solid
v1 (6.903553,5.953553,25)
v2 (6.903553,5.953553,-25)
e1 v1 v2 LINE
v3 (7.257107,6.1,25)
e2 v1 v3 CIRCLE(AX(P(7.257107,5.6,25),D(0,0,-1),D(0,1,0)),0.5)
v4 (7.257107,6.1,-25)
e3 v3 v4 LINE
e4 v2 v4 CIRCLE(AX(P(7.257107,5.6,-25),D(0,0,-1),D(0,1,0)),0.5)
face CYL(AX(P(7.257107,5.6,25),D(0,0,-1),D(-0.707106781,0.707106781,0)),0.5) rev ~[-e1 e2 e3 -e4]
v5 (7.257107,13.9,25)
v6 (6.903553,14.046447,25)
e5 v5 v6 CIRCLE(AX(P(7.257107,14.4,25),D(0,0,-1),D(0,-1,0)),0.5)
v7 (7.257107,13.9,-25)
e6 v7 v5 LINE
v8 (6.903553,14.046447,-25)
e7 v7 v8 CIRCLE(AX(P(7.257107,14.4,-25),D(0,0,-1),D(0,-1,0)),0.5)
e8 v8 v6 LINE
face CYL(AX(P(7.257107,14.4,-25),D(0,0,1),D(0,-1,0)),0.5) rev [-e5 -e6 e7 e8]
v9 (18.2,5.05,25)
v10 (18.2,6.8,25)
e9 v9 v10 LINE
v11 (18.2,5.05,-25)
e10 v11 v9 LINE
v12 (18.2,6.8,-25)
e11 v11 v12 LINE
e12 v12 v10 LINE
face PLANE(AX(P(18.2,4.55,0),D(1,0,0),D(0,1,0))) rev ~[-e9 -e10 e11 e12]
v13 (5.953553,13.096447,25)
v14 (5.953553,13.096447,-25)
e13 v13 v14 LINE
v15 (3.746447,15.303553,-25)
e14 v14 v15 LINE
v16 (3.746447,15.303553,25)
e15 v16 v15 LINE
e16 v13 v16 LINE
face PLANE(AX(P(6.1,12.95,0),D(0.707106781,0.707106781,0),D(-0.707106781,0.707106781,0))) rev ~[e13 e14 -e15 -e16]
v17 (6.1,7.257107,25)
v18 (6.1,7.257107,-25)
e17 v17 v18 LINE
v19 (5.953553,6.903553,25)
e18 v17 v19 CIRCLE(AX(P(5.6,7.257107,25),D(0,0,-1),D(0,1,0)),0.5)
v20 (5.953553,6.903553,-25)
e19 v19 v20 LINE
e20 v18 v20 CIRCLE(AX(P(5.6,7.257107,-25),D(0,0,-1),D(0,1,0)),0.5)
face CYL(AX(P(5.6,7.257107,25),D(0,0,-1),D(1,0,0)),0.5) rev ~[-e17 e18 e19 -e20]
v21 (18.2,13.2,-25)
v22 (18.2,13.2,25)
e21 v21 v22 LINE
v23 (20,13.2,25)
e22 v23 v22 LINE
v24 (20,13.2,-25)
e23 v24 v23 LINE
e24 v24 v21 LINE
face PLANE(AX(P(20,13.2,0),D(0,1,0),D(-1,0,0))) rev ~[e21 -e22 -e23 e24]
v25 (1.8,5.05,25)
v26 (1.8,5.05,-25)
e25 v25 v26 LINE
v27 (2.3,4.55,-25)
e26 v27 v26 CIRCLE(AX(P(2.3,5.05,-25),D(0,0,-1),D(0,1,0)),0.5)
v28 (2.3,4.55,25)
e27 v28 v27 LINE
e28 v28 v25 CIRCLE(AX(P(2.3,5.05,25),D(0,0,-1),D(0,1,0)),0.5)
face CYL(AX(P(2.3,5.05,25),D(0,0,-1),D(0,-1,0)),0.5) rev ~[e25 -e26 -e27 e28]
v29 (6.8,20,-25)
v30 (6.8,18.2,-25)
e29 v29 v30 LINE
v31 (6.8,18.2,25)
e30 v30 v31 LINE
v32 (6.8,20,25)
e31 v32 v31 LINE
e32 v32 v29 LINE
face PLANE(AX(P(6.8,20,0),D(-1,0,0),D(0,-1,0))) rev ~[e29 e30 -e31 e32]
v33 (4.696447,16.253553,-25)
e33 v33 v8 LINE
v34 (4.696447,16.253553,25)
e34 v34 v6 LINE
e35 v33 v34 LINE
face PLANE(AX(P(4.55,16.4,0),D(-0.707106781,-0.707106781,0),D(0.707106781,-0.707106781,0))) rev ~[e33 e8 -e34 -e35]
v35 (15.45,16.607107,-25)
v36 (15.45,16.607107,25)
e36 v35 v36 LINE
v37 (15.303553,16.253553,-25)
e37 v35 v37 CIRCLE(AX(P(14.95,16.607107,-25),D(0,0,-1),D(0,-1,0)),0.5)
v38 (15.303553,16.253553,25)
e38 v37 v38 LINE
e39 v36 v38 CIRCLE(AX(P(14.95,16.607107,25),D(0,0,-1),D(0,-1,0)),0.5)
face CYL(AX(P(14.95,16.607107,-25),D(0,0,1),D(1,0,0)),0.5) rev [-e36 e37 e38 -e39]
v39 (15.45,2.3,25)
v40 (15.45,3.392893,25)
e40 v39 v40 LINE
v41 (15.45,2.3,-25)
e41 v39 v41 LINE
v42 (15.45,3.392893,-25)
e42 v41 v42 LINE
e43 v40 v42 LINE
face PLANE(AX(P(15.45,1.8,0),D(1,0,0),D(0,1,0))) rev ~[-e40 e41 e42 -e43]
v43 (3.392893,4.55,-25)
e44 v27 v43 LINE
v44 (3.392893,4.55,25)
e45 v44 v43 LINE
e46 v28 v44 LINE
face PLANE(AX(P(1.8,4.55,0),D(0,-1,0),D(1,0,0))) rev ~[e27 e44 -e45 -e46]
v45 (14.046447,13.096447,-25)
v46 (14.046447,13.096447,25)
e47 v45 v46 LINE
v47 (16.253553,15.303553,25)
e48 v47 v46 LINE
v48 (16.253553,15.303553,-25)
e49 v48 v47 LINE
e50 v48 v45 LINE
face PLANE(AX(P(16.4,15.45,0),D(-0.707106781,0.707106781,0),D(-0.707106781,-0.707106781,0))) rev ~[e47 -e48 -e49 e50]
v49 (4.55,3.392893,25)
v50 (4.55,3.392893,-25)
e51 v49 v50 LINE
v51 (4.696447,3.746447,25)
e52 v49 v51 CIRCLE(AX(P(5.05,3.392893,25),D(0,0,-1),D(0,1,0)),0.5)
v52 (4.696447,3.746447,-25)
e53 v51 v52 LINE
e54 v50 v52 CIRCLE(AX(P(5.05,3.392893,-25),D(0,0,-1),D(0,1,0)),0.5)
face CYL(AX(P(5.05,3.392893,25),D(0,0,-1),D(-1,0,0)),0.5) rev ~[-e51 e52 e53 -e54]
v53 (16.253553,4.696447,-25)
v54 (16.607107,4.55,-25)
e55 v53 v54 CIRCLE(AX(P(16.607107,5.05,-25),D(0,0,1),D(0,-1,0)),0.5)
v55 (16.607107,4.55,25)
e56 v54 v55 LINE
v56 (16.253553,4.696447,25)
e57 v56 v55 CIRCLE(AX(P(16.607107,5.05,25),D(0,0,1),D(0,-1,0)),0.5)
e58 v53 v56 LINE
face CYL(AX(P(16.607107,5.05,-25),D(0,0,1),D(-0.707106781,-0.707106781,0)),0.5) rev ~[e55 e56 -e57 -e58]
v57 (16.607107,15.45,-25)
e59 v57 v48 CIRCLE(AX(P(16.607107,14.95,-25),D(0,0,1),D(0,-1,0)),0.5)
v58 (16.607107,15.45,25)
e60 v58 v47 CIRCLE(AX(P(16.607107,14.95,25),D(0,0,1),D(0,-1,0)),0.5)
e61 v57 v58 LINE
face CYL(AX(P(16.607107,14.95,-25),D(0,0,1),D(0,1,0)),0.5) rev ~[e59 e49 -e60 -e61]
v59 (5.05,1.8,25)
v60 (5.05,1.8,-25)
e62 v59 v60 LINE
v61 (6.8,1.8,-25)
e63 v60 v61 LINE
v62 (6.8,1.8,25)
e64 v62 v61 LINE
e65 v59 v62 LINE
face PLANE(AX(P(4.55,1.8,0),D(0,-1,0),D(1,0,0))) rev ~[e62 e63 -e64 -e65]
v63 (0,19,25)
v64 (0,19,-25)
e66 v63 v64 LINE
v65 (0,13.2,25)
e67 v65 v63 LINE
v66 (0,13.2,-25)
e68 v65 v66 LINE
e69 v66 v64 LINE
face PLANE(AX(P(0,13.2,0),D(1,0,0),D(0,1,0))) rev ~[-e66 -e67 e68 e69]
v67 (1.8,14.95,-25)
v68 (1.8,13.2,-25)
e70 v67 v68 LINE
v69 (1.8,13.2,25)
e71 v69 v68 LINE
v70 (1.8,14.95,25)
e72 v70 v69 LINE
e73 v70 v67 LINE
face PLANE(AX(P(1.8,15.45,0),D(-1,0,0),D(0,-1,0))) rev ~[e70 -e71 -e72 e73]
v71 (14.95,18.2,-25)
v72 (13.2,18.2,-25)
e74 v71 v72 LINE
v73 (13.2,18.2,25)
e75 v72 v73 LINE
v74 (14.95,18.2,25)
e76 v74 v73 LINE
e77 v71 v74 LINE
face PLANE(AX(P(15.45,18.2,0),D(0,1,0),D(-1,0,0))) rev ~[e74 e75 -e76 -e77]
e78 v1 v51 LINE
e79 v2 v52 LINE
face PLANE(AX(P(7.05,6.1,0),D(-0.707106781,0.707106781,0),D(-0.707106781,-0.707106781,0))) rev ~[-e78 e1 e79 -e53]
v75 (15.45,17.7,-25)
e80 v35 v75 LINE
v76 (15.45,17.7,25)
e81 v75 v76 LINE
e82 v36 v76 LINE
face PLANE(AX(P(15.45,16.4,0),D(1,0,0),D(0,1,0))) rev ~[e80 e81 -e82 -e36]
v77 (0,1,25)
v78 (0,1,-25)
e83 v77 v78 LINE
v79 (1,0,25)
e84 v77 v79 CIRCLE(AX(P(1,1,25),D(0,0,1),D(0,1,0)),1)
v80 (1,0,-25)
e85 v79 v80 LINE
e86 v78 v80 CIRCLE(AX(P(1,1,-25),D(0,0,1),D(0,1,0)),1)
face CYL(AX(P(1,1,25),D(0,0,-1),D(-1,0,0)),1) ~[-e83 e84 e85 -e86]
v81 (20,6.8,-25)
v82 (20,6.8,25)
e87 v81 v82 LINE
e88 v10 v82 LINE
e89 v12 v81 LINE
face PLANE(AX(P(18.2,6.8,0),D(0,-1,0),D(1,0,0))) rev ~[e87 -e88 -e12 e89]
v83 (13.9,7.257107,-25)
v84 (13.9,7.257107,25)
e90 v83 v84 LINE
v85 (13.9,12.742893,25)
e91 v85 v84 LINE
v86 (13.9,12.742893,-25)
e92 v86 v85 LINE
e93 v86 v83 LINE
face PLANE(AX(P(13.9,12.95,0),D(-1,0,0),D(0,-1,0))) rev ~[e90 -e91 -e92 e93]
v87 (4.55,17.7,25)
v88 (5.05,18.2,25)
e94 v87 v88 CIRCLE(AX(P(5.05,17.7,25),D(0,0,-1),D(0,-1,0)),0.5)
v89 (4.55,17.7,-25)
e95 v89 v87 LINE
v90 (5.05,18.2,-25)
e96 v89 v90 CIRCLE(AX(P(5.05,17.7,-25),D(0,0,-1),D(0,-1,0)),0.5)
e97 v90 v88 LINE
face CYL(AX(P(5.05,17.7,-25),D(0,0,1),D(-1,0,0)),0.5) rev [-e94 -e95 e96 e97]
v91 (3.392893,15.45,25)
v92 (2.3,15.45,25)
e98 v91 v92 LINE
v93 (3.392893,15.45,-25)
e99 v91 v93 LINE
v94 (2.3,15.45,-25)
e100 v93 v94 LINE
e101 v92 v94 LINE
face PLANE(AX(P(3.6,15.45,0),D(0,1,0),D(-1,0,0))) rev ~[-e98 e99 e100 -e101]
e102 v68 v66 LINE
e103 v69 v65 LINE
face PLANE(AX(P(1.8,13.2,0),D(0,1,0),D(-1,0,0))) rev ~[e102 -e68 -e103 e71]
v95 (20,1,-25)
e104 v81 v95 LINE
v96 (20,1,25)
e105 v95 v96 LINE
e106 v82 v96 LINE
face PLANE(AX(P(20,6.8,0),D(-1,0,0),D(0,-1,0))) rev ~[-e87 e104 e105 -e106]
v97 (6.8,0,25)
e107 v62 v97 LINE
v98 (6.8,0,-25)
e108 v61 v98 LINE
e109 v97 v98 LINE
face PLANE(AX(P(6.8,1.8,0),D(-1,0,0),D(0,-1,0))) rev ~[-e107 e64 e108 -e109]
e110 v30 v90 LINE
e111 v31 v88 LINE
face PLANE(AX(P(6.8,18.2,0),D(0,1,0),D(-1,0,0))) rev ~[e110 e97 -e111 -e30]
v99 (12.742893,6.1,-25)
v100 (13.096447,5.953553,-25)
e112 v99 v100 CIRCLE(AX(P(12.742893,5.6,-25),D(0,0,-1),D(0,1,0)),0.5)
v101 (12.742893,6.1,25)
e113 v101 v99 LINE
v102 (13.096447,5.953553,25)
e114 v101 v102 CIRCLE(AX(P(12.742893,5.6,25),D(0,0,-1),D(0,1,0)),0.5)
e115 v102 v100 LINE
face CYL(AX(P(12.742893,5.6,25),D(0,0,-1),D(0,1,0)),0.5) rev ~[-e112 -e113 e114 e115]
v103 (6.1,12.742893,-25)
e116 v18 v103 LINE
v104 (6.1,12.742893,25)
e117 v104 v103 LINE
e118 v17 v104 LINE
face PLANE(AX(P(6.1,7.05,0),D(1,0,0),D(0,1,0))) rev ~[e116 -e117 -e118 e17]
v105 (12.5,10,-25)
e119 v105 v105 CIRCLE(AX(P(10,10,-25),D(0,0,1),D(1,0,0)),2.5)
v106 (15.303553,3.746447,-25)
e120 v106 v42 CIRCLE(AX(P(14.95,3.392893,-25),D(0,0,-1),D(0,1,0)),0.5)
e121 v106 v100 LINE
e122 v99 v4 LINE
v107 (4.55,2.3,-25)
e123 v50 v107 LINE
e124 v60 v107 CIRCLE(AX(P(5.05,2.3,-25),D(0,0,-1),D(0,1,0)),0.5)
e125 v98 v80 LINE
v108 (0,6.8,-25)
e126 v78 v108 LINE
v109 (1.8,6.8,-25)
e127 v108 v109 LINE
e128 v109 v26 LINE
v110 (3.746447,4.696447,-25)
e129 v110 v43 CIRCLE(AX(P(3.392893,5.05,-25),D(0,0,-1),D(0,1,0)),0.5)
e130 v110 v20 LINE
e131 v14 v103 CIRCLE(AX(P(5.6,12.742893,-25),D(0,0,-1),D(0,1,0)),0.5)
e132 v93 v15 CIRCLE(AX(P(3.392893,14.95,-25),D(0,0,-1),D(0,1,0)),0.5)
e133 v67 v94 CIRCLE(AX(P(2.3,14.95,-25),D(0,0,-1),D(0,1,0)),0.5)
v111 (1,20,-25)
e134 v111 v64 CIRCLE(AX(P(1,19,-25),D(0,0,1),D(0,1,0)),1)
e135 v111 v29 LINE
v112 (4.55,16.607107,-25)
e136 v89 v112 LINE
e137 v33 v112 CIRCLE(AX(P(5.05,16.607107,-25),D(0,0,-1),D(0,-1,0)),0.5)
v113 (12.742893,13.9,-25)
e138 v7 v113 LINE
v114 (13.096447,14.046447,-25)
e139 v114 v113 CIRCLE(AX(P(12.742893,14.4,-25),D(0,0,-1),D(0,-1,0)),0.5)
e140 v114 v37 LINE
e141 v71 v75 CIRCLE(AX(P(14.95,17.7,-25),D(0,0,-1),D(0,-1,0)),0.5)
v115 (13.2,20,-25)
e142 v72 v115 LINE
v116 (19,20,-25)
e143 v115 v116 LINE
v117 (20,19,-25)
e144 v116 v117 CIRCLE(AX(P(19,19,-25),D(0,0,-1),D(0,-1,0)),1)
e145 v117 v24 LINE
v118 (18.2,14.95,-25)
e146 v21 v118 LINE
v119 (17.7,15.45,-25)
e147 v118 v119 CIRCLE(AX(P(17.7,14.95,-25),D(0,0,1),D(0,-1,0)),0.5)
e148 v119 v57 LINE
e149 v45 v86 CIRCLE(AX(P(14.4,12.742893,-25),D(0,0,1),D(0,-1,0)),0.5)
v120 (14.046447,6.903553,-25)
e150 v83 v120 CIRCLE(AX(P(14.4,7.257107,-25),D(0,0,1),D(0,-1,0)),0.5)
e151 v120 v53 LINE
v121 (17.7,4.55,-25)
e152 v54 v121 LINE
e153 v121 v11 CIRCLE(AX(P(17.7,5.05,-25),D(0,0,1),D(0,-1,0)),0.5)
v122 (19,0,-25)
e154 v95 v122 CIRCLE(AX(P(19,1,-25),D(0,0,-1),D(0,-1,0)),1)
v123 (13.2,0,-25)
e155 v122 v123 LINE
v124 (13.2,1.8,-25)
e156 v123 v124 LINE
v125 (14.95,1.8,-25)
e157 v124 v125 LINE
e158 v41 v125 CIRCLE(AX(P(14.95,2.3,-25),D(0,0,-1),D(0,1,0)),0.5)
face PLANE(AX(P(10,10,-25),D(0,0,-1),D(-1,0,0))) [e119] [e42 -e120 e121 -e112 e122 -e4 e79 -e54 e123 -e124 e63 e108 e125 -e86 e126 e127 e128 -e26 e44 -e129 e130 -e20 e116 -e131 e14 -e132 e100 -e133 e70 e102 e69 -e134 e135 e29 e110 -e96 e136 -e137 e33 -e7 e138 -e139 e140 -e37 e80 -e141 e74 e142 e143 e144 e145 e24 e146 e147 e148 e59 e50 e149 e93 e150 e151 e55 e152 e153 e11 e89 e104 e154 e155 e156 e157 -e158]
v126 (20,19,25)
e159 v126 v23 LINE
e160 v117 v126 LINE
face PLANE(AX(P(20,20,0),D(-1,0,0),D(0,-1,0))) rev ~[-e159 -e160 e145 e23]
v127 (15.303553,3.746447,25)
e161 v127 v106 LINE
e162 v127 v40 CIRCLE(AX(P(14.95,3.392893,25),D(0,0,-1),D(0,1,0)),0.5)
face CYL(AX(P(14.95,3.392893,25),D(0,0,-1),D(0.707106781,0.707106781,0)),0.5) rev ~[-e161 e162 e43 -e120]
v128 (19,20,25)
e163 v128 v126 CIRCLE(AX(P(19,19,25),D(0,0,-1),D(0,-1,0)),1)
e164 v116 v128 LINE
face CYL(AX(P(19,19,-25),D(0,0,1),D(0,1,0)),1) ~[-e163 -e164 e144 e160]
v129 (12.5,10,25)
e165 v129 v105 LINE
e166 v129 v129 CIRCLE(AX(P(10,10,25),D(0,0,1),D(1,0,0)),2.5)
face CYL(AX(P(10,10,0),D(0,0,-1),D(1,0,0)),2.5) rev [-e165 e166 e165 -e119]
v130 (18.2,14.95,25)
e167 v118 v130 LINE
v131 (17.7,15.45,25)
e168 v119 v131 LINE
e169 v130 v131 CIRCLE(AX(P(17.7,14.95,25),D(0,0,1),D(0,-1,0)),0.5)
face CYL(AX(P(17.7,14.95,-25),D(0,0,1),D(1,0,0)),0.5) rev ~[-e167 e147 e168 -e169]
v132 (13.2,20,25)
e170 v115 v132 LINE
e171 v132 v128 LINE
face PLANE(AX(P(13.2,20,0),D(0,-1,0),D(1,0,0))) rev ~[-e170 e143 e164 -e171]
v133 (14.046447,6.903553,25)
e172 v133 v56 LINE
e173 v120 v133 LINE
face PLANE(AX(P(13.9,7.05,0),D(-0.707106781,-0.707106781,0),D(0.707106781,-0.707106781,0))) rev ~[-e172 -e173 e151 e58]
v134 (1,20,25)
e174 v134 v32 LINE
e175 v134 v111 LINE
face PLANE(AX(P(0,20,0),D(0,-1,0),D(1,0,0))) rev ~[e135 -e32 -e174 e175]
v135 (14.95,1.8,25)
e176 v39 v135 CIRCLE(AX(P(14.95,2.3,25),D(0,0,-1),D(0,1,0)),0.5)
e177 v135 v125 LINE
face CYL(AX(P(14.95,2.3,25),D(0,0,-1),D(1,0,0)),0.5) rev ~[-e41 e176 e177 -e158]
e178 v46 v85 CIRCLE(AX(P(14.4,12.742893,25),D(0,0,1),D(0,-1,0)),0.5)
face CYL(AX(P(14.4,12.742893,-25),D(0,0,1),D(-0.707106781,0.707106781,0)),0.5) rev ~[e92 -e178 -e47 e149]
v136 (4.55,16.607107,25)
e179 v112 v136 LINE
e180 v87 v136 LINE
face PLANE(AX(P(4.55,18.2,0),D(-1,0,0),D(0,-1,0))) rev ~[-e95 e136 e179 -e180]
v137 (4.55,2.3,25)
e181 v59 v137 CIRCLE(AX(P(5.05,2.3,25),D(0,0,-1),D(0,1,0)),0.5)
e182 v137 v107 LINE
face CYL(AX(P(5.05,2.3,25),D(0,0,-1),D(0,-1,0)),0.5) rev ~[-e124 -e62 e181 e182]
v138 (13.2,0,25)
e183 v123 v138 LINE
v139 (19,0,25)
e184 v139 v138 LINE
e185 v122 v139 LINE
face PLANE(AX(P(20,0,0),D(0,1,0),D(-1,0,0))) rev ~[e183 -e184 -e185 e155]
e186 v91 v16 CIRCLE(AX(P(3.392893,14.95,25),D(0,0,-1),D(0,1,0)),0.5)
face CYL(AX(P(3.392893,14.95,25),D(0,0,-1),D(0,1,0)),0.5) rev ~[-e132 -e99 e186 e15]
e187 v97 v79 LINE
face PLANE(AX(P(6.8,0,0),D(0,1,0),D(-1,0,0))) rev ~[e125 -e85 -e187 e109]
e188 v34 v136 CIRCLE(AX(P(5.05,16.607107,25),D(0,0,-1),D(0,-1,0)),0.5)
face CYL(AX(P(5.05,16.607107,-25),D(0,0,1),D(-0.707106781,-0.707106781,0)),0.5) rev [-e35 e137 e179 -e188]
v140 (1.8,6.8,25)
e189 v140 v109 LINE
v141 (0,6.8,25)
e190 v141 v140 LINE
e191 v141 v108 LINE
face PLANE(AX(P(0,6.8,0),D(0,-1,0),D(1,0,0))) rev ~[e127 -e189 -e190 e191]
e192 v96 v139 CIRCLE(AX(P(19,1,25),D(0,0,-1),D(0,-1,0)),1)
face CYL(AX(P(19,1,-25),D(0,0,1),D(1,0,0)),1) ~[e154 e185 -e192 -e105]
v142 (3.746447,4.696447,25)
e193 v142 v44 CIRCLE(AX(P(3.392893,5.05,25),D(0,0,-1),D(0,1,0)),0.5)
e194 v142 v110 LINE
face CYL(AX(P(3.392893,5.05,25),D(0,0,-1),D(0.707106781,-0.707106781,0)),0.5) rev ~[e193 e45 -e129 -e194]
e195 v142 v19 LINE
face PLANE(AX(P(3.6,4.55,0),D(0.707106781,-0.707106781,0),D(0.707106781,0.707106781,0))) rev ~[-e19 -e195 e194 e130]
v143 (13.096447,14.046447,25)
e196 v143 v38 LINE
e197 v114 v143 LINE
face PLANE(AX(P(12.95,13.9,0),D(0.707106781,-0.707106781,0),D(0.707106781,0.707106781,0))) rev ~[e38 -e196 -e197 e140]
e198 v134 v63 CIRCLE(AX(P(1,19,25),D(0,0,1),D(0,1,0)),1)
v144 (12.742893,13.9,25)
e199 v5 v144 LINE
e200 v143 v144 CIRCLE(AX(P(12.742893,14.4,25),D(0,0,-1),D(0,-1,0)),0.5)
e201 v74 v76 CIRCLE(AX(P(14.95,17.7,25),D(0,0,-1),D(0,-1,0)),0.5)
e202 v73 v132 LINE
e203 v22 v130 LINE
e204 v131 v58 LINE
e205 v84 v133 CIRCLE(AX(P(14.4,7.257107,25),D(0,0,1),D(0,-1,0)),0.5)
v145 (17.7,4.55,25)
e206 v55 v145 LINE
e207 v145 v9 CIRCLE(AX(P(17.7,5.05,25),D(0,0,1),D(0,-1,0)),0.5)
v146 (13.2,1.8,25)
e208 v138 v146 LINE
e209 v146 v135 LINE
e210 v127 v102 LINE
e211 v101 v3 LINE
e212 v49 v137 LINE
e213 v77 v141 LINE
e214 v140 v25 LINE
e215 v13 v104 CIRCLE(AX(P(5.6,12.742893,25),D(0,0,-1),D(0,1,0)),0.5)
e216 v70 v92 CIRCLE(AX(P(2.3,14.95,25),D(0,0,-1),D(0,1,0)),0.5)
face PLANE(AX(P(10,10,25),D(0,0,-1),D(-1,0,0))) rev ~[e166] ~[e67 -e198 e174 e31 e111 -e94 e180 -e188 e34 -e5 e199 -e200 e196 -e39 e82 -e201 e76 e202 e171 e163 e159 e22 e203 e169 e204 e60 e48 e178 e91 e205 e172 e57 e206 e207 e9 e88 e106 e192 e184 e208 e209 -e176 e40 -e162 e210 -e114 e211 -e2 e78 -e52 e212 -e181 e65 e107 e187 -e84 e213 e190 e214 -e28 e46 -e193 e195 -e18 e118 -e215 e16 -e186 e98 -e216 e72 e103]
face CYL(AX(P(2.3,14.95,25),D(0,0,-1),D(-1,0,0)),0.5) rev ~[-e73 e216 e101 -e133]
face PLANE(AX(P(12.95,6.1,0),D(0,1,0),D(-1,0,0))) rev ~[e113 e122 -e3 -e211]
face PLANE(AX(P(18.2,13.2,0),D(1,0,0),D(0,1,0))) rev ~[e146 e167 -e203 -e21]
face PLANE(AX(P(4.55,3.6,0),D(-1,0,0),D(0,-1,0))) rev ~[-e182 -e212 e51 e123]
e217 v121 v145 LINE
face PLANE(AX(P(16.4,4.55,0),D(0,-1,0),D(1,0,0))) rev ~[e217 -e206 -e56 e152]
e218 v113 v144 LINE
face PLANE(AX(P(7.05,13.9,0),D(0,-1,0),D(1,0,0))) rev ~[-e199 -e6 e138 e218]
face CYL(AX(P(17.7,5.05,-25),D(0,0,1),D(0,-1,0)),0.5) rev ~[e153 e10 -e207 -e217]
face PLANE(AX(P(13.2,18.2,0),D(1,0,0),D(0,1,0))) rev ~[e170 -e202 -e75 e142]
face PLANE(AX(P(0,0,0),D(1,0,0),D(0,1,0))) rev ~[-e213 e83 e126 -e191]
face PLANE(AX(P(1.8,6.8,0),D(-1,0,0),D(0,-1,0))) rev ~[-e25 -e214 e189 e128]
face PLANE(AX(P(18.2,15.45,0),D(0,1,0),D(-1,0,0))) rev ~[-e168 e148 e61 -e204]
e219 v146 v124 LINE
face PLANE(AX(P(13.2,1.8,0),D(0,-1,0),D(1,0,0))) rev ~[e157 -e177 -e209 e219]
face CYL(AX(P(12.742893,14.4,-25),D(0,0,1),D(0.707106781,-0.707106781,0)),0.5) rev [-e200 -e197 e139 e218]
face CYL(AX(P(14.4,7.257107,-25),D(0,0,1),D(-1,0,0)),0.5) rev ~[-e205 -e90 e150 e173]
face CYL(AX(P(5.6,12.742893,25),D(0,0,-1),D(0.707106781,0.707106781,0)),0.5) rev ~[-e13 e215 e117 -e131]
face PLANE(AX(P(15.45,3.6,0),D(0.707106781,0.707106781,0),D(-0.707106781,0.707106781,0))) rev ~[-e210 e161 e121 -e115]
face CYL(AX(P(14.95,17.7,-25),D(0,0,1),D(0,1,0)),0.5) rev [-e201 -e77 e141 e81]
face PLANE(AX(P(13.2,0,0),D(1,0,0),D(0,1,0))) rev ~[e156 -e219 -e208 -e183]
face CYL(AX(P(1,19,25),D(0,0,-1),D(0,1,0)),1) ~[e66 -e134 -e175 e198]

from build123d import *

# Parameters (mm, degrees)
SKETCH1_R           = 2.5
BOSS_EXTRUDE1_DEPTH = 25
FILLET1_R           = 1
FILLET2_R           = 0.5
FILLET3_R           = 0.5
FILLET4_R           = 0.5
FILLET5_R           = 0.5


with BuildPart() as part:
    # Sketch1 → Boss-Extrude1 (new, symmetric)
    with BuildSketch(Plane.XY):
        Polygon((13.2, 0), (13.2, 1.8), (15.45, 1.8), (15.45, 3.6), (12.95, 6.1), (7.05, 6.1), (4.55, 3.6), (4.55, 1.8), (6.8, 1.8), (6.8, 0), (0, 0), (0, 6.8), (1.8, 6.8), (1.8, 4.55), (3.6, 4.55), (6.1, 7.05), (6.1, 12.95), (3.6, 15.45), (1.8, 15.45), (1.8, 13.2), (0, 13.2), (0, 20), (6.8, 20), (6.8, 18.2), (4.55, 18.2), (4.55, 16.4), (7.05, 13.9), (12.95, 13.9), (15.45, 16.4), (15.45, 18.2), (13.2, 18.2), (13.2, 20), (20, 20), (20, 13.2), (18.2, 13.2), (18.2, 15.45), (16.4, 15.45), (13.9, 12.95), (13.9, 7.05), (16.4, 4.55), (18.2, 4.55), (18.2, 6.8), (20, 6.8), (20, 0), align=None)
        with Locations((10, 10)):
            Circle(SKETCH1_R, mode=Mode.SUBTRACT)
    extrude(amount=BOSS_EXTRUDE1_DEPTH, both=True)

    # Fillet1
    fillet1_edges = [part.edges().sort_by_distance(p)[0] for p in [
        (0, 0, 0),
        (0, 20, 0),
        (20, 20, 0),
        (20, 0, 0),
    ]]
    fillet(fillet1_edges, radius=FILLET1_R)

    # Fillet2
    fillet2_edges = [part.edges().sort_by_distance(p)[0] for p in [
        (4.55, 18.2, 0),
        (4.55, 16.4, 0),
        (7.05, 13.9, 0),
        (12.95, 13.9, 0),
        (15.45, 16.4, 0),
        (15.45, 18.2, 0),
    ]]
    fillet(fillet2_edges, radius=FILLET2_R)

    # Fillet3
    fillet3_edges = [part.edges().sort_by_distance(p)[0] for p in [
        (18.2, 15.45, 0),
        (16.4, 15.45, 0),
        (13.9, 12.95, 0),
        (13.9, 7.05, 0),
        (16.4, 4.55, 0),
        (18.2, 4.55, 0),
    ]]
    fillet(fillet3_edges, radius=FILLET3_R)

    # Fillet4
    fillet4_edges = [part.edges().sort_by_distance(p)[0] for p in [
        (1.8, 4.55, 0),
        (3.6, 4.55, 0),
        (6.1, 7.05, 0),
        (6.1, 12.95, 0),
        (3.6, 15.45, 0),
        (1.8, 15.45, 0),
    ]]
    fillet(fillet4_edges, radius=FILLET4_R)

    # Fillet5
    fillet5_edges = [part.edges().sort_by_distance(p)[0] for p in [
        (15.45, 1.8, 0),
        (15.45, 3.6, 0),
        (12.95, 6.1, 0),
        (7.05, 6.1, 0),
        (4.55, 3.6, 0),
        (4.55, 1.8, 0),
    ]]
    fillet(fillet5_edges, radius=FILLET5_R)


solid = part.part
